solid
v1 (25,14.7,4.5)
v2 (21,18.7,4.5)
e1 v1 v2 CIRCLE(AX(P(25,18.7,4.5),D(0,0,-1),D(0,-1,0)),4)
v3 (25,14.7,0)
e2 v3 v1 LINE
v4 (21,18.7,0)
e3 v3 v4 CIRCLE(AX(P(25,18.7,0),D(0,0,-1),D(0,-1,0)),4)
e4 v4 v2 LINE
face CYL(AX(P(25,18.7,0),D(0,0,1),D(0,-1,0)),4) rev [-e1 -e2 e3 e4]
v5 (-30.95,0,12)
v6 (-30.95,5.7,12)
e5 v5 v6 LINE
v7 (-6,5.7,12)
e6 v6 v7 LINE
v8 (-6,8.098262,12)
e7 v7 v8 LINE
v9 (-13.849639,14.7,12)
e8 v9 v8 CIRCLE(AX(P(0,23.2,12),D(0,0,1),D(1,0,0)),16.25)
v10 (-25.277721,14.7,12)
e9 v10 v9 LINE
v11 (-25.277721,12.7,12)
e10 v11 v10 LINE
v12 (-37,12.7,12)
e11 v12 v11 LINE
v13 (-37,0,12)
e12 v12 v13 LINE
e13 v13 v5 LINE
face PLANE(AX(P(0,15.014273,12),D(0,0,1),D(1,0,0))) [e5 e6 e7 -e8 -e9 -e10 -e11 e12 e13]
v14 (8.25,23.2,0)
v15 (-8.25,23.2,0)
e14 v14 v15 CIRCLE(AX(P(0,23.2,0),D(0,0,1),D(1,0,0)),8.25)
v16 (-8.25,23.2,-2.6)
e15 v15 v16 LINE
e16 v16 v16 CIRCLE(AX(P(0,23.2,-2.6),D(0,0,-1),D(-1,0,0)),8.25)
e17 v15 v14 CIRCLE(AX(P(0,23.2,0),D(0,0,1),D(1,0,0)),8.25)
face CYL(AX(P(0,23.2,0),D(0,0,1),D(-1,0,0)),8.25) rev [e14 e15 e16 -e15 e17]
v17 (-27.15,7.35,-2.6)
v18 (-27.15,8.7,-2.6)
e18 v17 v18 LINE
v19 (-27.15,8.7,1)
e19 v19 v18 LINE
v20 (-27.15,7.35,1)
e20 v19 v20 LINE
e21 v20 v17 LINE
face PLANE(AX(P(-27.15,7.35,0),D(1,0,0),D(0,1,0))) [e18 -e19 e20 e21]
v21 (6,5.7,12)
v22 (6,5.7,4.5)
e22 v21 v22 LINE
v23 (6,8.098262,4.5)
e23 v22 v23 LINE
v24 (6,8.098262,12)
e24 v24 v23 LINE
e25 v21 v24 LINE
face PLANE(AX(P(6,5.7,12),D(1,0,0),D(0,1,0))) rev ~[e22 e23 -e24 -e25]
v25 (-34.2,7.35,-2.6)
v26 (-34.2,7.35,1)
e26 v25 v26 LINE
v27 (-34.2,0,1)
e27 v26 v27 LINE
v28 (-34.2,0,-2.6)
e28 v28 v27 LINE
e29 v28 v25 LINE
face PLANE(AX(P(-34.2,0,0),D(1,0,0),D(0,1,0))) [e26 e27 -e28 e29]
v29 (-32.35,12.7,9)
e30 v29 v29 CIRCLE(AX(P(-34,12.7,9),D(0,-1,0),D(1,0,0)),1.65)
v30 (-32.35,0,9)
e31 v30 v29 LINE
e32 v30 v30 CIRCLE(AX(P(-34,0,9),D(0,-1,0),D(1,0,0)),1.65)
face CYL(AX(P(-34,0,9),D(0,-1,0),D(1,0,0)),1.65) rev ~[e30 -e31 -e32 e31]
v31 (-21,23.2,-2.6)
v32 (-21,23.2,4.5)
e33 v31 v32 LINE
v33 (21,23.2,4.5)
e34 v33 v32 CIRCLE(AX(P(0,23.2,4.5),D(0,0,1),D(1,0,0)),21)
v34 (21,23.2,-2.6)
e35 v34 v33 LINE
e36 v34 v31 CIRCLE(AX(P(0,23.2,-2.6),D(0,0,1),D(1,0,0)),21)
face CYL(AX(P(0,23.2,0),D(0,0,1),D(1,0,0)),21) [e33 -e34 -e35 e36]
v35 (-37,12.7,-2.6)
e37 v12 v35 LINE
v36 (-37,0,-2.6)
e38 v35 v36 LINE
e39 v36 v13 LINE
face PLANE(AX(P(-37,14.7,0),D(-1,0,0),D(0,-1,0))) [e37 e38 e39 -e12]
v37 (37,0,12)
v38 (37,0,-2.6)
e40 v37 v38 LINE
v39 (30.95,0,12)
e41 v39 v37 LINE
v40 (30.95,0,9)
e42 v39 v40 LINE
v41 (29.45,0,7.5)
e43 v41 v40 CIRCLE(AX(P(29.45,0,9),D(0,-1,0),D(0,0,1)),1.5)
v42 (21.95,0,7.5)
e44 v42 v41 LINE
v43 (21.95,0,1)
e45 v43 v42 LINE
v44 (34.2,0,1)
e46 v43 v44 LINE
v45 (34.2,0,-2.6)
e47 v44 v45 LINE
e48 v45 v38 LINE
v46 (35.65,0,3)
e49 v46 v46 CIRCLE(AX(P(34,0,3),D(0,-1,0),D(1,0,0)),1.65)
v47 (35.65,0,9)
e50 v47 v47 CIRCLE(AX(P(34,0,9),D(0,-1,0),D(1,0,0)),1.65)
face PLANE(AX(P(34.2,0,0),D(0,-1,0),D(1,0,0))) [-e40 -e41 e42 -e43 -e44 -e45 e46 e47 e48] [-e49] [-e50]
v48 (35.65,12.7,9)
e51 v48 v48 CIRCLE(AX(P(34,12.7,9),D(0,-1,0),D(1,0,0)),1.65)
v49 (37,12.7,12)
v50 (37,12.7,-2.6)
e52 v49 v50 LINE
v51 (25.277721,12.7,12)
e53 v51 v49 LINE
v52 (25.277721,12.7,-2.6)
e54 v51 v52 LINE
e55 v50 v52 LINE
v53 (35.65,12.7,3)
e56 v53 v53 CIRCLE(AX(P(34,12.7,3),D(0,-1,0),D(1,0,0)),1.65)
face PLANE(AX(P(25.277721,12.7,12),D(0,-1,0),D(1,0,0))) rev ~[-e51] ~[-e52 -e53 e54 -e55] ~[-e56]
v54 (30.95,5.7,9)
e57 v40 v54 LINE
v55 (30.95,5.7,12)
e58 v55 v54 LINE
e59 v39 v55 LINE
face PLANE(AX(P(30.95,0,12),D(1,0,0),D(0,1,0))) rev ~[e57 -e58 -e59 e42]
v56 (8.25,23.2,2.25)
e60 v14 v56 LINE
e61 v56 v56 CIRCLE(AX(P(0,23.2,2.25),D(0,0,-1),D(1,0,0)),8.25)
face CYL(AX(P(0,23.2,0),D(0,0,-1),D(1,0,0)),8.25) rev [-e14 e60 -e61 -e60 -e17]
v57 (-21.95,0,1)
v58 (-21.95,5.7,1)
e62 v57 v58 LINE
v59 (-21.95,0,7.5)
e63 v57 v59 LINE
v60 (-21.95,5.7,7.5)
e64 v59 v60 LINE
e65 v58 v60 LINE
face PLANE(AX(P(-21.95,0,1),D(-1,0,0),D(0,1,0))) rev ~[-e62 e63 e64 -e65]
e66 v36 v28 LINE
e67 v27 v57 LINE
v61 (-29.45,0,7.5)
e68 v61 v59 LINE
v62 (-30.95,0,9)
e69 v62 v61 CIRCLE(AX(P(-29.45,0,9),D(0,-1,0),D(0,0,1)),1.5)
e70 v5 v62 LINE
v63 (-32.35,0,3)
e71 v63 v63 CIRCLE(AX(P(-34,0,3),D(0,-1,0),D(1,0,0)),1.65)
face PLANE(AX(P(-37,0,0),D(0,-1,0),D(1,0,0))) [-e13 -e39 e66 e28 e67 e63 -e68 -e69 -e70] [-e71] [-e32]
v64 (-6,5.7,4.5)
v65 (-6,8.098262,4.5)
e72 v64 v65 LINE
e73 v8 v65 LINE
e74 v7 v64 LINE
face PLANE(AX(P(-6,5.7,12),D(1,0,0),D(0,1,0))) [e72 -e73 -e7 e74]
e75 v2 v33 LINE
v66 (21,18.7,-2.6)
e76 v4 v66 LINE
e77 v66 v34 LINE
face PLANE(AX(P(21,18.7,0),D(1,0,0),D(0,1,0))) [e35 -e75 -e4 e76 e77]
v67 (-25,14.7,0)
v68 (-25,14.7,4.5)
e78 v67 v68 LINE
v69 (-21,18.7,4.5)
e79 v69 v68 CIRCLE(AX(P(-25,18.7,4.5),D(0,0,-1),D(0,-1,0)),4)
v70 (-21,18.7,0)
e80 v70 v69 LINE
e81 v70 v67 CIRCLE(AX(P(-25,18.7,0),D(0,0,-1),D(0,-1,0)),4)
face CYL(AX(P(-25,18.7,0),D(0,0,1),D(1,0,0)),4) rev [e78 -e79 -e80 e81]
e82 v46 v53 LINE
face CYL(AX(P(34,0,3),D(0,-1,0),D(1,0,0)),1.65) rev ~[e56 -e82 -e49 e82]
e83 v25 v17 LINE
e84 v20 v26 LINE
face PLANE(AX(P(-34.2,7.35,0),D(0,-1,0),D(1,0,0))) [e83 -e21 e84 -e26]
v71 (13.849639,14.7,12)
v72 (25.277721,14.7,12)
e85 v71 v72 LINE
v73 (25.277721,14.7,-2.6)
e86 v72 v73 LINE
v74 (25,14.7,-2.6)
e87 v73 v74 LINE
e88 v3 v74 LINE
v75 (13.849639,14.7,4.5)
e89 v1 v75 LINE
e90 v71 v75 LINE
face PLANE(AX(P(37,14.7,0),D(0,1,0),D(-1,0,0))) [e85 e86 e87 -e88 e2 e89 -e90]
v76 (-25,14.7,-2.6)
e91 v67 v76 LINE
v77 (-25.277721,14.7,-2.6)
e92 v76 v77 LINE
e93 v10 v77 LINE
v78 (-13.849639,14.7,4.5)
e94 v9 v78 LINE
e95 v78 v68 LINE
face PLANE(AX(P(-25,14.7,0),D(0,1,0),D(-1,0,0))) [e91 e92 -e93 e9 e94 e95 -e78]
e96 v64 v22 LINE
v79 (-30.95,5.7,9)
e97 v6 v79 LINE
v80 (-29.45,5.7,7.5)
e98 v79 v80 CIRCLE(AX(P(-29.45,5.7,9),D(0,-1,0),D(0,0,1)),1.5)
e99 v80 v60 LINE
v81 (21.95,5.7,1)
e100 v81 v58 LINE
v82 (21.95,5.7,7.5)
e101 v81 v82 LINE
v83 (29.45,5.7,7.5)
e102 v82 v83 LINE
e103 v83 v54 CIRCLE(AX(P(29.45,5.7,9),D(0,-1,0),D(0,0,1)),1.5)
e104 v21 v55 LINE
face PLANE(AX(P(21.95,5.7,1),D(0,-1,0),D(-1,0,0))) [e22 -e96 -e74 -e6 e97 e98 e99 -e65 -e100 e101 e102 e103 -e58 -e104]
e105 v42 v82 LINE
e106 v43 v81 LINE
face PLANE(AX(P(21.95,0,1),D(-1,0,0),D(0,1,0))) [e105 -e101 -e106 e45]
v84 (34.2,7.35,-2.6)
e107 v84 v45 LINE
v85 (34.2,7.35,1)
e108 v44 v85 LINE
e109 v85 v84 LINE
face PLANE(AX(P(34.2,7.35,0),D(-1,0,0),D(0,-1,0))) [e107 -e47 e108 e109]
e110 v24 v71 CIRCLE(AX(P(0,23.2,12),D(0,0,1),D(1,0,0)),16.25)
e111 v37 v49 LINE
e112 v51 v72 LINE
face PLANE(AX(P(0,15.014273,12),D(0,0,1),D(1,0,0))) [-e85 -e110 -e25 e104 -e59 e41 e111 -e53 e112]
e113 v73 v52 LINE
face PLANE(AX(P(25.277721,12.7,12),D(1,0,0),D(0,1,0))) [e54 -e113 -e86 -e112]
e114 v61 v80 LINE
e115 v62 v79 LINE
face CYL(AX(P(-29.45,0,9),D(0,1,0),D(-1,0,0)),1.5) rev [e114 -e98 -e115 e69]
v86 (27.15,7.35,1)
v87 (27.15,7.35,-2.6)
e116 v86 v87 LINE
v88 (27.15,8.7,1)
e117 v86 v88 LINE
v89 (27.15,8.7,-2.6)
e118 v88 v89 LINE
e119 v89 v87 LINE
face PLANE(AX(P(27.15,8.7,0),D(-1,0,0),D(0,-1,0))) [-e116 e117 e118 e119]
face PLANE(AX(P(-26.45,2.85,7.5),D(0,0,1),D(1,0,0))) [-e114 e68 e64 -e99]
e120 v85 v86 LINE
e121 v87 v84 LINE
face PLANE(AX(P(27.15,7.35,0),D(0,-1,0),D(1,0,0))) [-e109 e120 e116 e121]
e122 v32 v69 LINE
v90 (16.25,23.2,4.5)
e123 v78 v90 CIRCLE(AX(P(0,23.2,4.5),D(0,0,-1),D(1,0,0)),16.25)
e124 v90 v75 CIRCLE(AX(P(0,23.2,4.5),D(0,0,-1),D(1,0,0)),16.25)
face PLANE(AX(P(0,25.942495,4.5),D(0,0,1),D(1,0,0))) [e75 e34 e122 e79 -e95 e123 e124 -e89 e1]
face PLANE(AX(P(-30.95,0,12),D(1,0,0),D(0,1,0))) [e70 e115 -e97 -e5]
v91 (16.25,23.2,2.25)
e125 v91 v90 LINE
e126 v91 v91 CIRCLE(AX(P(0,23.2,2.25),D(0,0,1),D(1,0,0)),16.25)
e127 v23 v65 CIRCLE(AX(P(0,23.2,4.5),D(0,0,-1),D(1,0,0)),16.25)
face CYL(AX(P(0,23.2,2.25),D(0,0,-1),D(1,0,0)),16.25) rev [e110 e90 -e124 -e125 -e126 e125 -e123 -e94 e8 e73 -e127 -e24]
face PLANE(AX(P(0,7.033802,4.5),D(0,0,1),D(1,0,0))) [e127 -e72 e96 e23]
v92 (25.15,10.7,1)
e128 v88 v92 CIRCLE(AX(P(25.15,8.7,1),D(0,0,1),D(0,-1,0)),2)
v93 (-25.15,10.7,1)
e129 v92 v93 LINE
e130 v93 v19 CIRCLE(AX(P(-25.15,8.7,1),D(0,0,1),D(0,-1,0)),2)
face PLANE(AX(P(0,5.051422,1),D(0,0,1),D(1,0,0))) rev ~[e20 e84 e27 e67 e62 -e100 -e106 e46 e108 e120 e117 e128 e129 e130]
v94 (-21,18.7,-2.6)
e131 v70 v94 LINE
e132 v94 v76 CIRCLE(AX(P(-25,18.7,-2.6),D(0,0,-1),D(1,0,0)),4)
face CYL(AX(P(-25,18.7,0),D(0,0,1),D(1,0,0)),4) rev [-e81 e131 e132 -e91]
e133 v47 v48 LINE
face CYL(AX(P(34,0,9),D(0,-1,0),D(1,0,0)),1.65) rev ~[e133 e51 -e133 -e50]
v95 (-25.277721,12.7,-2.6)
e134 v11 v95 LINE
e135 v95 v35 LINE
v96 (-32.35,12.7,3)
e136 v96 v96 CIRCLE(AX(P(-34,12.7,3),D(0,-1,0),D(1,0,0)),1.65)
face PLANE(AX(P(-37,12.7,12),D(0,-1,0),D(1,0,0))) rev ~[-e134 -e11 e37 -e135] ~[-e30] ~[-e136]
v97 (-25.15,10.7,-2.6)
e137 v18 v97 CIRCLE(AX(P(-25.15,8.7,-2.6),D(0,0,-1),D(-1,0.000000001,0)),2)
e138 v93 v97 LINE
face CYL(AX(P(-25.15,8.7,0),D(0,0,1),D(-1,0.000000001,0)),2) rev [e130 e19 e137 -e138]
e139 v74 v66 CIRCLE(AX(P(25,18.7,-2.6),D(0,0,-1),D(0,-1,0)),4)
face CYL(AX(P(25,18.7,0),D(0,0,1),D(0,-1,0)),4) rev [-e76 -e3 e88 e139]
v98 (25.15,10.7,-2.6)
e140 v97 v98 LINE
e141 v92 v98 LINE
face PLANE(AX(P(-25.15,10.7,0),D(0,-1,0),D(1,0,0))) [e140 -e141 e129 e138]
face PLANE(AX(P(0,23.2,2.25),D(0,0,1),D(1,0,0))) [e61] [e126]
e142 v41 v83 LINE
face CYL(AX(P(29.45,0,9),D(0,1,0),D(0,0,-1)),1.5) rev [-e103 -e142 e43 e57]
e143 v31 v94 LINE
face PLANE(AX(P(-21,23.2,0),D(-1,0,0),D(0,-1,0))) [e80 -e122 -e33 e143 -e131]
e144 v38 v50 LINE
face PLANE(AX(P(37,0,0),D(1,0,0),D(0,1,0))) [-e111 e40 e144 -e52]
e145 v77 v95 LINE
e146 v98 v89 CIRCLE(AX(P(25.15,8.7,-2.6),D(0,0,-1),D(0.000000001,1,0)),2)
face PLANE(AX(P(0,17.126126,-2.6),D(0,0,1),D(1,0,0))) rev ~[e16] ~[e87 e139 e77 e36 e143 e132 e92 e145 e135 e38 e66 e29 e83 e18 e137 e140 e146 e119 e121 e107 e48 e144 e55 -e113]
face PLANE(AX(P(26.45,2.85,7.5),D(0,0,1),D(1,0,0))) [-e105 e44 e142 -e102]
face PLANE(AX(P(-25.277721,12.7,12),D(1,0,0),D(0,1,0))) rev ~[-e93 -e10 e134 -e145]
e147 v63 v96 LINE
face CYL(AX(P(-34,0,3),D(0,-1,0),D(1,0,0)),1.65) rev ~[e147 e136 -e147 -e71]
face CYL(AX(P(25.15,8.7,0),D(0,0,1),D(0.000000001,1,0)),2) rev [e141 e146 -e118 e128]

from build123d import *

# Parameters (mm, degrees)
SKETCH2_R           = 16
BOSS_EXTRUDE1_DEPTH = 12
SKETCH3_R           = 16
SKETCH3_R_2         = 8.25
BOSS_EXTRUDE2_DEPTH = 2.5
CUT_EXTRUDE4_DEPTH  = 1
CUT_EXTRUDE5_REACH  = 60.683
SKETCH9_W           = 43.9
SKETCH9_H           = 5.7
SKETCH10_R          = 1.65
CUT_EXTRUDE6_DEPTH  = 59.87817932
CUT_EXTRUDE7_START  = -7.5
CUT_EXTRUDE7_DEPTH  = 7.5
FILETE1_R           = 2
FILETE2_R           = 4
SKETCH12_W          = 9
SKETCH12_H          = 5.7
CUT_EXTRUDE8_DEPTH  = 4.5
SKETCH15_W          = 12
SKETCH15_H          = 2.667603026
CUT_EXTRUDE10_DEPTH = 7.5
SKETCH16_R          = 8.25
BOSS_EXTRUDE3_DEPTH = 2.6
FILLET2_R           = 1.5
CUT_EXTRUDE11_REACH = 61.463
SKETCH17_W          = 11.722279144
SKETCH17_H          = 2
CUT_EXTRUDE12_START = -2.25
SKETCH18_R          = 16.25
CUT_EXTRUDE12_DEPTH = 9.75


with BuildPart() as part:
    # Sketch2 → Boss-Extrude1 (new body)
    with BuildSketch(Plane.XY):
        with BuildLine():
            Line((-21, 0), (21, 0))
            Line((21, 0), (37, 0))
            Line((37, 0), (37, 14.7))
            Line((37, 14.7), (21, 14.7))
            Line((21, 14.7), (21, 23.2))
            ThreePointArc((21, 23.2), (0, 44.2), (-21, 23.2))
            Line((-21, 23.2), (-21, 14.7))
            Line((-21, 14.7), (-37, 14.7))
            Line((-37, 14.7), (-37, 0))
            Line((-37, 0), (-21, 0))
        make_face()
        with Locations((0, 23.2)):
            Circle(SKETCH2_R, mode=Mode.SUBTRACT)
    extrude(amount=BOSS_EXTRUDE1_DEPTH)

    # Sketch3 → Boss-Extrude2 (add)
    with BuildSketch(Plane.XY):
        with Locations((0, 23.2)):
            Circle(SKETCH3_R)
        with Locations((0, 23.2)):
            Circle(SKETCH3_R_2, mode=Mode.SUBTRACT)
    extrude(amount=BOSS_EXTRUDE2_DEPTH)

    # Sketch8 → Cut-Extrude4 (cut)
    with BuildSketch(Plane.XY):
        Polygon((-27.15, 0), (27.15, 0), (34.2, 0), (34.2, 7.35), (27.15, 7.35), (27.15, 10.7), (-27.15, 10.7), (-27.15, 7.35), (-34.2, 7.35), (-34.2, 0), align=None)
    extrude(amount=CUT_EXTRUDE4_DEPTH, mode=Mode.SUBTRACT)

    # Sketch9 → Cut-Extrude5 (cut, up to next)
    with BuildSketch(Plane(origin=(0, 0, 1), x_dir=(-1, 0, 0), z_dir=(0, 0, -1)), mode=Mode.PRIVATE) as cut_extrude5_sk1:
        with Locations((0, 2.85)):
            Rectangle(SKETCH9_W, SKETCH9_H)
    cut_extrude5_tool1 = extrude(cut_extrude5_sk1.sketch, amount=-CUT_EXTRUDE5_REACH, mode=Mode.PRIVATE) & part.part
    add(cut_extrude5_tool1.solids().sort_by_distance((0, 2.85, 1))[0], mode=Mode.SUBTRACT)

    # Sketch10 → Cut-Extrude6 (cut, through all)
    with BuildSketch(Plane.XZ):
        with Locations((-34, 9)):
            Circle(SKETCH10_R)
        with Locations((-34, 3)):
            Circle(SKETCH10_R)
        with Locations((34, 3)):
            Circle(SKETCH10_R)
        with Locations((34, 9)):
            Circle(SKETCH10_R)
    extrude(amount=-CUT_EXTRUDE6_DEPTH, mode=Mode.SUBTRACT)

    # Sketch11 → Cut-Extrude7 (cut)
    with BuildSketch(Plane.XY.offset(12).offset(CUT_EXTRUDE7_START)):
        with BuildLine():
            Line((21, 14.7), (21, 23.2))
            ThreePointArc((21, 23.2), (0, 44.2), (-21, 23.2))
            Line((-21, 23.2), (-21, 14.7))
            Line((-21, 14.7), (21, 14.7))
        make_face()
    extrude(amount=CUT_EXTRUDE7_DEPTH, mode=Mode.SUBTRACT)

    # Filete1
    filete1_edges = [part.edges().sort_by_distance(p)[0] for p in [
        (27.15, 10.7, 0.5),
        (-27.15, 10.7, 0.5),
    ]]
    fillet(filete1_edges, radius=FILETE1_R)

    # Filete2
    filete2_edges = [part.edges().sort_by_distance(p)[0] for p in [
        (-21, 14.7, 2.25),
        (21, 14.7, 2.25),
    ]]
    fillet(filete2_edges, radius=FILETE2_R)

    # Sketch12 → Cut-Extrude8 (cut)
    with BuildSketch(Plane.XY.offset(12)):
        with Locations((26.45, 2.85)):
            Rectangle(SKETCH12_W, SKETCH12_H)
        with Locations((-26.45, 2.85)):
            Rectangle(SKETCH12_W, SKETCH12_H)
    extrude(amount=-CUT_EXTRUDE8_DEPTH, mode=Mode.SUBTRACT)

    # Sketch15 → Cut-Extrude10 (cut)
    with BuildSketch(Plane.XY.offset(12)):
        with Locations((0, 7.033801513)):
            Rectangle(SKETCH15_W, SKETCH15_H)
    extrude(amount=-CUT_EXTRUDE10_DEPTH, mode=Mode.SUBTRACT)

    # Sketch16 → Boss-Extrude3 (add)
    with BuildSketch(Plane(origin=(0, 0, 0), x_dir=(-1, 0, 0), z_dir=(0, 0, -1))):
        with BuildLine():
            Line((-37, 14.7), (-25, 14.7))
            ThreePointArc((-25, 14.7), (-22.171572875, 15.871572875), (-21, 18.7))
            Line((-21, 18.7), (-21, 23.2))
            ThreePointArc((-21, 23.2), (0, 44.2), (21, 23.2))
            Line((21, 23.2), (21, 18.7))
            ThreePointArc((21, 18.7), (22.171572875, 15.871572875), (25, 14.7))
            Line((25, 14.7), (37, 14.7))
            Line((37, 14.7), (37, 0))
            Line((37, 0), (34.2, 0))
            Line((34.2, 0), (34.2, 7.35))
            Line((34.2, 7.35), (27.15, 7.35))
            Line((27.15, 7.35), (27.15, 8.7))
            ThreePointArc((27.15, 8.7), (26.564213562, 10.114213562), (25.15, 10.7))
            Line((25.15, 10.7), (-25.15, 10.7))
            ThreePointArc((-25.15, 10.7), (-26.564213562, 10.114213562), (-27.15, 8.7))
            Line((-27.15, 8.7), (-27.15, 7.35))
            Line((-27.15, 7.35), (-34.2, 7.35))
            Line((-34.2, 7.35), (-34.2, 0))
            Line((-34.2, 0), (-37, 0))
            Line((-37, 0), (-37, 14.7))
        make_face()
        with Locations((0, 23.2)):
            Circle(SKETCH16_R, mode=Mode.SUBTRACT)
    extrude(amount=BOSS_EXTRUDE3_DEPTH)

    # Fillet2
    fillet2_edges = [part.edges().sort_by_distance(p)[0] for p in [
        (30.95, 2.85, 7.5),
        (-30.95, 2.85, 7.5),
    ]]
    fillet(fillet2_edges, radius=FILLET2_R)

    # Sketch17 → Cut-Extrude11 (cut, up to next)
    with BuildSketch(Plane.XY.offset(12), mode=Mode.PRIVATE) as cut_extrude11_sk1:
        with Locations((-31.138860428, 13.7)):
            Rectangle(SKETCH17_W, SKETCH17_H)
    cut_extrude11_tool1 = extrude(cut_extrude11_sk1.sketch, amount=-CUT_EXTRUDE11_REACH, mode=Mode.PRIVATE) & part.part
    # Sketch17 → Cut-Extrude11 (cut, up to next)
    with BuildSketch(Plane.XY.offset(12), mode=Mode.PRIVATE) as cut_extrude11_sk2:
        with Locations((31.138860428, 13.7)):
            Rectangle(SKETCH17_W, SKETCH17_H)
    cut_extrude11_tool2 = extrude(cut_extrude11_sk2.sketch, amount=-CUT_EXTRUDE11_REACH, mode=Mode.PRIVATE) & part.part
    add(cut_extrude11_tool1.solids().sort_by_distance((-31.13886, 13.7, 12))[0], mode=Mode.SUBTRACT)
    add(cut_extrude11_tool2.solids().sort_by_distance((31.13886, 13.7, 12))[0], mode=Mode.SUBTRACT)

    # Sketch18 → Cut-Extrude12 (cut)
    with BuildSketch(Plane.XY.offset(4.5).offset(CUT_EXTRUDE12_START)):
        with Locations((0, 23.2)):
            Circle(SKETCH18_R)
    extrude(amount=CUT_EXTRUDE12_DEPTH, mode=Mode.SUBTRACT)


solid = part.part
